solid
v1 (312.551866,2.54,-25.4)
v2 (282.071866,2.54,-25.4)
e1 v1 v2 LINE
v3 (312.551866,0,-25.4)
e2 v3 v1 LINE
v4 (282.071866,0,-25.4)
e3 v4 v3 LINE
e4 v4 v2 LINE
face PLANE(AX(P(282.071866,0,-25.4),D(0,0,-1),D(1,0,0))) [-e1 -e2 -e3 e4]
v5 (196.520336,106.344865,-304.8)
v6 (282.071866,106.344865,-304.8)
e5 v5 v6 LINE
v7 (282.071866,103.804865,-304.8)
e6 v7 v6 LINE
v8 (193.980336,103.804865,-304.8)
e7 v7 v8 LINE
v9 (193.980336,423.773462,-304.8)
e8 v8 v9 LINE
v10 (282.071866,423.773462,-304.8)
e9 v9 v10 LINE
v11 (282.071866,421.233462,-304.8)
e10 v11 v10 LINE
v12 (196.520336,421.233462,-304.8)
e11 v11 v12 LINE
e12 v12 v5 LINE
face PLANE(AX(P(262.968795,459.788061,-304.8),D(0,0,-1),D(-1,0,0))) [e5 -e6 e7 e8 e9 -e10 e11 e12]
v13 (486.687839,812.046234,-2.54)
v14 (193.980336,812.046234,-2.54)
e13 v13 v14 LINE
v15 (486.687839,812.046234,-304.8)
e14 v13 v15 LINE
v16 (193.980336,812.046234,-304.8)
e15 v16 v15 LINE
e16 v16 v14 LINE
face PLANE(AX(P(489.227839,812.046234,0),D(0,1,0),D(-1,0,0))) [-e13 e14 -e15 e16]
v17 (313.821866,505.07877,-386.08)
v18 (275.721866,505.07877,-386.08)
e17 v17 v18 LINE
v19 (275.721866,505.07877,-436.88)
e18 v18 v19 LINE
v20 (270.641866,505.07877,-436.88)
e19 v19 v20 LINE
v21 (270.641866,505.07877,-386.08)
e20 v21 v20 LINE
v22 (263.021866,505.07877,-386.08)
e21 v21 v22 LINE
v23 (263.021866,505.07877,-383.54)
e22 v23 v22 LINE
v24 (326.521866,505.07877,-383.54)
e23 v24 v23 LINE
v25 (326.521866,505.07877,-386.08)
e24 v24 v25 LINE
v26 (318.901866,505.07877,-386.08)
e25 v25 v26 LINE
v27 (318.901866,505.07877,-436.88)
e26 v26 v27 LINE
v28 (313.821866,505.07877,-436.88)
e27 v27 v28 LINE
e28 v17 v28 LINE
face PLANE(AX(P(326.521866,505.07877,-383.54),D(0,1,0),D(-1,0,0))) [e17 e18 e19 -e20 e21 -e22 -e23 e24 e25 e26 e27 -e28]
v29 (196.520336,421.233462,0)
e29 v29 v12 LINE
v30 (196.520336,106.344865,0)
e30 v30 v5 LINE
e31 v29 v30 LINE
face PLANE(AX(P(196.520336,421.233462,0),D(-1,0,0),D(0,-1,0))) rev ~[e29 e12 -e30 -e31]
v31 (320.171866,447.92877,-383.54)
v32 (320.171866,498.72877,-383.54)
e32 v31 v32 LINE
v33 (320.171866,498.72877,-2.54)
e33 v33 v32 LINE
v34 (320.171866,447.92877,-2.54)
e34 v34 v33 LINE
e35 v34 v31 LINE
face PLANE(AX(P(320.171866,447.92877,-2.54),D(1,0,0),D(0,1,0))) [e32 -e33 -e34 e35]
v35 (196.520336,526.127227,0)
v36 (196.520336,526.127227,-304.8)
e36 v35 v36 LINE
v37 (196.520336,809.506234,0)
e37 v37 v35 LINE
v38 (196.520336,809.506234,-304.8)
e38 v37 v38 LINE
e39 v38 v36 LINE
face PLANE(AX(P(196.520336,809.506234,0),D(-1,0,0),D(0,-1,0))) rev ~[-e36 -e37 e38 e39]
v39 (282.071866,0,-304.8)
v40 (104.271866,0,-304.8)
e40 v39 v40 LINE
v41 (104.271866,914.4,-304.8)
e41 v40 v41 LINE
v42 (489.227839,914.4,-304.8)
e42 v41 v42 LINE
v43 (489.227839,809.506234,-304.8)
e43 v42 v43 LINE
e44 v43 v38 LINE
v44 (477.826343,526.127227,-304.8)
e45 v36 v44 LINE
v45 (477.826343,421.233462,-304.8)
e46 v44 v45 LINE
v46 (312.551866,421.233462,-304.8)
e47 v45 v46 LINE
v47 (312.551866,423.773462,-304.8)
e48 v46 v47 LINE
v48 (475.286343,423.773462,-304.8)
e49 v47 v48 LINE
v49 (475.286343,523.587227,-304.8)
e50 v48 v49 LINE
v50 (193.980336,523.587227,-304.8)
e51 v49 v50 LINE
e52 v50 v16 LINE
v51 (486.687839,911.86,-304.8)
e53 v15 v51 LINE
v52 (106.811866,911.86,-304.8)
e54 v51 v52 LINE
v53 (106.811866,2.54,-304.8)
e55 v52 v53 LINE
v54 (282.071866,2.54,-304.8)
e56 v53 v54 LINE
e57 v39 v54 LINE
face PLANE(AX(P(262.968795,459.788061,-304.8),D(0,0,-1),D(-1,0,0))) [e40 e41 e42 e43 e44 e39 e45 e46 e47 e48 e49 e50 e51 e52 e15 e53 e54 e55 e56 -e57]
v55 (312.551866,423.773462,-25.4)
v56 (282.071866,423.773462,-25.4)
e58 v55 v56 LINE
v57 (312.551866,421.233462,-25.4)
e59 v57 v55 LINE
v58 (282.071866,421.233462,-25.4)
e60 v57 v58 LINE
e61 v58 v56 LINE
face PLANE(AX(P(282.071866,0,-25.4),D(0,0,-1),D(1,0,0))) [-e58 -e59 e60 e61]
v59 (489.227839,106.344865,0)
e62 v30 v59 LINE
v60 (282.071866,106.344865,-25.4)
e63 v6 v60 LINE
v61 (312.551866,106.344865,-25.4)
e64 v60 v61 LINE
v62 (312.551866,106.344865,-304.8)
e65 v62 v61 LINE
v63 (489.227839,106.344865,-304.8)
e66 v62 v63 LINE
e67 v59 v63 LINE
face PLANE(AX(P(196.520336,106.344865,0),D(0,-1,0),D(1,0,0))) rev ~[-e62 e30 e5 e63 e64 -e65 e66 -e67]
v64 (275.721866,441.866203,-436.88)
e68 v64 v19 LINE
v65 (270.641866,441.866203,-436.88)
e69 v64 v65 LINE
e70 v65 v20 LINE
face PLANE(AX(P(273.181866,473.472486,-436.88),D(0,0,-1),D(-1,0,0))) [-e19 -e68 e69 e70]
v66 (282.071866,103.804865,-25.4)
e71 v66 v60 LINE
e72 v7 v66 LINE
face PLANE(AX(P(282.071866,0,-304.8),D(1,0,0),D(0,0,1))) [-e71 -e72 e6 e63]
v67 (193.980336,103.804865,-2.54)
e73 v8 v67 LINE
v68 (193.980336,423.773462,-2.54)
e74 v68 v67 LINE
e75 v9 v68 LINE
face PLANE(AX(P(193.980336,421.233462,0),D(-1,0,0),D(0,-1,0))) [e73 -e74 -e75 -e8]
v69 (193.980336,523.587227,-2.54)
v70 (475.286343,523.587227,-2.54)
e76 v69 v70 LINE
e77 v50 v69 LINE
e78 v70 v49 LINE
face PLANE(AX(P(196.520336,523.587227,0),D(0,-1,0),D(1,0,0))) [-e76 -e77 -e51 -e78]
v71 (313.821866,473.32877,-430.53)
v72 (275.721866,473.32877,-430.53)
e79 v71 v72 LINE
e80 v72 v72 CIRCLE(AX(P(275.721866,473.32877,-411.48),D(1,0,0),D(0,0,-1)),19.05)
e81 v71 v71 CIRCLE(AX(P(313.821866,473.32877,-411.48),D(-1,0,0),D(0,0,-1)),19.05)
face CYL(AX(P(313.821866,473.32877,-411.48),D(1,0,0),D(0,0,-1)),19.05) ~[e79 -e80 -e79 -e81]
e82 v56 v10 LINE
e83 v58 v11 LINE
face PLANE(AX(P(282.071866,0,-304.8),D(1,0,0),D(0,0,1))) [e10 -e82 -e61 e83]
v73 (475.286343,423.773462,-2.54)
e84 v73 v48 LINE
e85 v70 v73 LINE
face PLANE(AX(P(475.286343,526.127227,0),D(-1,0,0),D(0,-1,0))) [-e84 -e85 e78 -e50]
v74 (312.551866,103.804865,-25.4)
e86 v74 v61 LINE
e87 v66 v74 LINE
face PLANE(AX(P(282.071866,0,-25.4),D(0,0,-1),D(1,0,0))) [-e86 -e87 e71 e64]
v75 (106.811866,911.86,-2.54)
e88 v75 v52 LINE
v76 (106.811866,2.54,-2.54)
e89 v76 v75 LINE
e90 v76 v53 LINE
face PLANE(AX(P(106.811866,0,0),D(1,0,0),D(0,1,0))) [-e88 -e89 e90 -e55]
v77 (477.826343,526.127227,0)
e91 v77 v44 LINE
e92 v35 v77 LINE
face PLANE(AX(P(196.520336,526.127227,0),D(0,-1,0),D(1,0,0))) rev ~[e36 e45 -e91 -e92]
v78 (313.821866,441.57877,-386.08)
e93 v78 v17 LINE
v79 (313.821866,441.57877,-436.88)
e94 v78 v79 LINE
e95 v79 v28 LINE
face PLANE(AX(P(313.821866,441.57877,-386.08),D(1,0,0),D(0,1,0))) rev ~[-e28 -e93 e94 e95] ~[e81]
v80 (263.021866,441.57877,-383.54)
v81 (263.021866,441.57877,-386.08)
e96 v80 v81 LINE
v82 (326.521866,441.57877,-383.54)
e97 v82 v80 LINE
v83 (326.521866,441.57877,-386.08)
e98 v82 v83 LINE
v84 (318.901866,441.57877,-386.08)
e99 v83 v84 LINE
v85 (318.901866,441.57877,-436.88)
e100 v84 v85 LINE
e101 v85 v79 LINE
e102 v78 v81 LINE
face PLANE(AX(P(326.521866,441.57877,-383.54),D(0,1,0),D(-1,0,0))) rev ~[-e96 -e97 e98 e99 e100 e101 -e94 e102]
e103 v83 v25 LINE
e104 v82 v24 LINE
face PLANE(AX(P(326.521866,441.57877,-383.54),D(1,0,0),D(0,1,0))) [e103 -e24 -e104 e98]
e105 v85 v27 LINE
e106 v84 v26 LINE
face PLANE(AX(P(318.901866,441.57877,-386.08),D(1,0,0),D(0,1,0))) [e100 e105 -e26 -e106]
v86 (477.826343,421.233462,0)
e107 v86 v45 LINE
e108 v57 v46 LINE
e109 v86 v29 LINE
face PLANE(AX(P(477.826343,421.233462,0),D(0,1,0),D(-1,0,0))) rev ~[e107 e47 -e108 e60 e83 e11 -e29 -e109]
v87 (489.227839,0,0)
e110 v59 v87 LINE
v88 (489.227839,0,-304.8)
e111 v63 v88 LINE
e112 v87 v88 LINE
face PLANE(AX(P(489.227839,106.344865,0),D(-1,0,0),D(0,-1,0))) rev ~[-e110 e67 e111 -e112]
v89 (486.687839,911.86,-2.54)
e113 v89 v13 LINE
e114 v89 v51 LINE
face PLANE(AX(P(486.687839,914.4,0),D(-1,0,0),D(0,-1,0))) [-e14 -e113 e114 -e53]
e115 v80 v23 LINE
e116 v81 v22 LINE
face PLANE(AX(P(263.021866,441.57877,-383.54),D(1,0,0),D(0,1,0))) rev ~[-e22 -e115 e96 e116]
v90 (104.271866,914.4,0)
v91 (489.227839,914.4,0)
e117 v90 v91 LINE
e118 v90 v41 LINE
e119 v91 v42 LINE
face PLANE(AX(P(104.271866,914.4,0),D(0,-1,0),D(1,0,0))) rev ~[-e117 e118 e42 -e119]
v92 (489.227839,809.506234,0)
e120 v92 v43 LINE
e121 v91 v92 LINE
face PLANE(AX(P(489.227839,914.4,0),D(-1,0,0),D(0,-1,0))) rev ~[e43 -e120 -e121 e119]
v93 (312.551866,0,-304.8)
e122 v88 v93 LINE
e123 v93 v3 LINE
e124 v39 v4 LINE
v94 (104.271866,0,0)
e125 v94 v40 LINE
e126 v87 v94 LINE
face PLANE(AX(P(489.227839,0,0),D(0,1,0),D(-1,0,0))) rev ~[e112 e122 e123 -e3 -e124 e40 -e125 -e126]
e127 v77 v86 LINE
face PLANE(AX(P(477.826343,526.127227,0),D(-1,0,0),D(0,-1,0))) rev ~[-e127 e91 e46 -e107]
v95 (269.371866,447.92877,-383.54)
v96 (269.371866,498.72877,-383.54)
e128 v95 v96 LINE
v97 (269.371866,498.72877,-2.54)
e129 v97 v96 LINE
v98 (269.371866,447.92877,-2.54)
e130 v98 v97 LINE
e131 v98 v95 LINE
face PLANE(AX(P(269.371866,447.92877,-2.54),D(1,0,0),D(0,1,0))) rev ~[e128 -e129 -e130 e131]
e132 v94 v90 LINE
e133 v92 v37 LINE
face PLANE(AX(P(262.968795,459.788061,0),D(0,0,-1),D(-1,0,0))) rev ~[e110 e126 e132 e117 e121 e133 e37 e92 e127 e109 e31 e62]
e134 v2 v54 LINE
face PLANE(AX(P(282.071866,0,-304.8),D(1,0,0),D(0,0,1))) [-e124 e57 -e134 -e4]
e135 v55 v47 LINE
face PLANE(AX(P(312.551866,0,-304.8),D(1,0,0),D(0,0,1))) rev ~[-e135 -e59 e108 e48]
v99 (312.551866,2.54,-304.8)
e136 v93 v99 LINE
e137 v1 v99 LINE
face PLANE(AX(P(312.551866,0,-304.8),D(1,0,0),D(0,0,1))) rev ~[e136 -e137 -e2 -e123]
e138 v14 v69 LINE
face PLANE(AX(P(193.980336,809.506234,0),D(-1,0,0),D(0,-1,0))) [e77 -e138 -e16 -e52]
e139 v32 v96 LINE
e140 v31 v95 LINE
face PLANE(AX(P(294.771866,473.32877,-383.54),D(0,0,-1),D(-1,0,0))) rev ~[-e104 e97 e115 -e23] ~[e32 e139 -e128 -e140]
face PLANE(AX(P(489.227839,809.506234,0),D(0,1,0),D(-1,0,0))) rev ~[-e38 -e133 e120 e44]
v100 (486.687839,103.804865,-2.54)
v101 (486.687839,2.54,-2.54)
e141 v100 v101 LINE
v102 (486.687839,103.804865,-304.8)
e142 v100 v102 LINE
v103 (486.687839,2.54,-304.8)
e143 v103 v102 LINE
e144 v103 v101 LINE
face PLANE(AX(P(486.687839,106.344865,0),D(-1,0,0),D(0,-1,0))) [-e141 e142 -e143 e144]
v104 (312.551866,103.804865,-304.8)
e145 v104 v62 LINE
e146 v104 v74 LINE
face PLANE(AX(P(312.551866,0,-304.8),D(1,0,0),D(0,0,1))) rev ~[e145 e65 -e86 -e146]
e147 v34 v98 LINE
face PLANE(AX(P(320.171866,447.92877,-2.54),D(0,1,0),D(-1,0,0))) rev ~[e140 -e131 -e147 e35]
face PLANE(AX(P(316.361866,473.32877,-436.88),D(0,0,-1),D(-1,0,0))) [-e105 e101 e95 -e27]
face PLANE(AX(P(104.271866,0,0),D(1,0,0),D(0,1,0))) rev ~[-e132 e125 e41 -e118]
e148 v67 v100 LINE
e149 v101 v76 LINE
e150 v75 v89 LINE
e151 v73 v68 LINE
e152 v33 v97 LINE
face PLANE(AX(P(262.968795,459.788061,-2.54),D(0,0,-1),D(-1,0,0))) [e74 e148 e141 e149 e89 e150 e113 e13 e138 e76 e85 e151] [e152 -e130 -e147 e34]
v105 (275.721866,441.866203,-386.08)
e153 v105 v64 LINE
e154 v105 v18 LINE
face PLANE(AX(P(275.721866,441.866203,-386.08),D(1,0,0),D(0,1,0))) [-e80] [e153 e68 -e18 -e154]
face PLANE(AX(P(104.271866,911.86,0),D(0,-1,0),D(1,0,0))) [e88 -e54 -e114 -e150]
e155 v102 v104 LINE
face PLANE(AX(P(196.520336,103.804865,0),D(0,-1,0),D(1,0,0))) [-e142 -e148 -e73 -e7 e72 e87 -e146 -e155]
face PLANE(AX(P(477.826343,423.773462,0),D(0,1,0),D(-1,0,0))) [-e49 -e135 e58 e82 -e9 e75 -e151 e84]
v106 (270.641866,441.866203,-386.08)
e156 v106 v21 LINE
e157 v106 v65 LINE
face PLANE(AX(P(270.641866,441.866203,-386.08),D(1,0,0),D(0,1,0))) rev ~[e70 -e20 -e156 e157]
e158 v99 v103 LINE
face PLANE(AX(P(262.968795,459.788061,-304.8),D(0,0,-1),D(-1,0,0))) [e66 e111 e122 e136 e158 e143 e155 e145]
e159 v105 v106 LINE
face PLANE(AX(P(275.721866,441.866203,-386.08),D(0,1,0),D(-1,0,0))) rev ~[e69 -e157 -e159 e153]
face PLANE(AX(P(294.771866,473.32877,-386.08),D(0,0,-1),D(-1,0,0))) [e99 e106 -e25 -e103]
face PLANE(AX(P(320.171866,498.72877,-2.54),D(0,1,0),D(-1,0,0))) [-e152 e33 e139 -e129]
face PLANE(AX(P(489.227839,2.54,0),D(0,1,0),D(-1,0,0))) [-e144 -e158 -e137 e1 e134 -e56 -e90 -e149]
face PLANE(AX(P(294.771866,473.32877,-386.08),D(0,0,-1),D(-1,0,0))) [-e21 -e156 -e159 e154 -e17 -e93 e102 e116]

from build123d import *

# Parameters (mm, degrees)
BOSS_EXTRUDE4_DEPTH = 304.8
SHELL1_T            = -2.54
SKETCH3_W           = 50.8
SKETCH3_H           = 50.8
BOSS_EXTRUDE5_DEPTH = 381
SKETCH4_W           = 63.5
SKETCH4_H           = 63.5
BOSS_EXTRUDE6_DEPTH = 2.54
SKETCH5_W           = 5.08
SKETCH5_H           = 63.5
SKETCH5_H_2         = 63.212567158
BOSS_EXTRUDE7_DEPTH = 50.8
BOSS_EXTRUDE8_REACH = 1036.844
SKETCH6_R           = 19.05
SKETCH7_W           = 30.48
SKETCH7_H           = 279.4
CUT_EXTRUDE1_DEPTH  = 431.8


with BuildPart() as part:
    # Sketch2 → Boss-Extrude4 (new body)
    with BuildSketch(Plane.XY):
        Polygon((489.227839492, 0), (104.27186579, 0), (104.27186579, 914.4), (489.227839492, 914.4), (489.227839492, 809.506234414), (196.520335525, 809.506234414), (196.520335525, 526.127227386), (477.826343233, 526.127227386), (477.826343233, 421.2334618), (196.520335525, 421.2334618), (196.520335525, 106.34486511), (489.227839492, 106.34486511), align=None)
    extrude(amount=-BOSS_EXTRUDE4_DEPTH)

    # Shell1
    shell1_openings = [part.faces().sort_by_distance(p)[0] for p in [
        (249.504622919, 459.117899523, -304.8),
    ]]
    offset(amount=SHELL1_T, openings=shell1_openings, kind=Kind.INTERSECTION)

    # Sketch3 → Boss-Extrude5 (add)
    with BuildSketch(Plane(origin=(0, 0, -2.54), x_dir=(-1, 0, 0), z_dir=(0, 0, -1))):
        with Locations((-294.77186579, 473.328769938)):
            Rectangle(SKETCH3_W, SKETCH3_H)
    extrude(amount=BOSS_EXTRUDE5_DEPTH)

    # Sketch4 → Boss-Extrude6 (add)
    with BuildSketch(Plane(origin=(0, 0, -383.54), x_dir=(-1, 0, 0), z_dir=(0, 0, -1))):
        with Locations((-294.77186579, 473.328769938)):
            Rectangle(SKETCH4_W, SKETCH4_H)
    extrude(amount=BOSS_EXTRUDE6_DEPTH)

    # Sketch5 → Boss-Extrude7 (add)
    with BuildSketch(Plane(origin=(0, 0, -386.08), x_dir=(-1, 0, 0), z_dir=(0, 0, -1))):
        with Locations((-316.36186579, 473.328769938)):
            Rectangle(SKETCH5_W, SKETCH5_H)
        with Locations((-273.18186579, 473.472486359)):
            Rectangle(SKETCH5_W, SKETCH5_H_2)
    extrude(amount=BOSS_EXTRUDE7_DEPTH)

    # Sketch6 → Boss-Extrude8 (add, up to next)
    with BuildSketch(Plane.ZY.offset(-313.82186579), mode=Mode.PRIVATE) as boss_extrude8_sk1:
        with Locations(Location((-411.48, 473.328769938, 0), (0, 0, 180))):
            Circle(SKETCH6_R)
    boss_extrude8_tool1 = extrude(boss_extrude8_sk1.sketch, amount=BOSS_EXTRUDE8_REACH, mode=Mode.PRIVATE) - part.part
    add(boss_extrude8_tool1.solids().sort_by_distance((313.821866, 473.32877, -411.48))[0])

    # Sketch7 → Cut-Extrude1 (cut)
    with BuildSketch(Plane.XZ):
        with Locations((297.31186579, -165.1)):
            Rectangle(SKETCH7_W, SKETCH7_H)
    extrude(amount=-CUT_EXTRUDE1_DEPTH, mode=Mode.SUBTRACT)


solid = part.part
